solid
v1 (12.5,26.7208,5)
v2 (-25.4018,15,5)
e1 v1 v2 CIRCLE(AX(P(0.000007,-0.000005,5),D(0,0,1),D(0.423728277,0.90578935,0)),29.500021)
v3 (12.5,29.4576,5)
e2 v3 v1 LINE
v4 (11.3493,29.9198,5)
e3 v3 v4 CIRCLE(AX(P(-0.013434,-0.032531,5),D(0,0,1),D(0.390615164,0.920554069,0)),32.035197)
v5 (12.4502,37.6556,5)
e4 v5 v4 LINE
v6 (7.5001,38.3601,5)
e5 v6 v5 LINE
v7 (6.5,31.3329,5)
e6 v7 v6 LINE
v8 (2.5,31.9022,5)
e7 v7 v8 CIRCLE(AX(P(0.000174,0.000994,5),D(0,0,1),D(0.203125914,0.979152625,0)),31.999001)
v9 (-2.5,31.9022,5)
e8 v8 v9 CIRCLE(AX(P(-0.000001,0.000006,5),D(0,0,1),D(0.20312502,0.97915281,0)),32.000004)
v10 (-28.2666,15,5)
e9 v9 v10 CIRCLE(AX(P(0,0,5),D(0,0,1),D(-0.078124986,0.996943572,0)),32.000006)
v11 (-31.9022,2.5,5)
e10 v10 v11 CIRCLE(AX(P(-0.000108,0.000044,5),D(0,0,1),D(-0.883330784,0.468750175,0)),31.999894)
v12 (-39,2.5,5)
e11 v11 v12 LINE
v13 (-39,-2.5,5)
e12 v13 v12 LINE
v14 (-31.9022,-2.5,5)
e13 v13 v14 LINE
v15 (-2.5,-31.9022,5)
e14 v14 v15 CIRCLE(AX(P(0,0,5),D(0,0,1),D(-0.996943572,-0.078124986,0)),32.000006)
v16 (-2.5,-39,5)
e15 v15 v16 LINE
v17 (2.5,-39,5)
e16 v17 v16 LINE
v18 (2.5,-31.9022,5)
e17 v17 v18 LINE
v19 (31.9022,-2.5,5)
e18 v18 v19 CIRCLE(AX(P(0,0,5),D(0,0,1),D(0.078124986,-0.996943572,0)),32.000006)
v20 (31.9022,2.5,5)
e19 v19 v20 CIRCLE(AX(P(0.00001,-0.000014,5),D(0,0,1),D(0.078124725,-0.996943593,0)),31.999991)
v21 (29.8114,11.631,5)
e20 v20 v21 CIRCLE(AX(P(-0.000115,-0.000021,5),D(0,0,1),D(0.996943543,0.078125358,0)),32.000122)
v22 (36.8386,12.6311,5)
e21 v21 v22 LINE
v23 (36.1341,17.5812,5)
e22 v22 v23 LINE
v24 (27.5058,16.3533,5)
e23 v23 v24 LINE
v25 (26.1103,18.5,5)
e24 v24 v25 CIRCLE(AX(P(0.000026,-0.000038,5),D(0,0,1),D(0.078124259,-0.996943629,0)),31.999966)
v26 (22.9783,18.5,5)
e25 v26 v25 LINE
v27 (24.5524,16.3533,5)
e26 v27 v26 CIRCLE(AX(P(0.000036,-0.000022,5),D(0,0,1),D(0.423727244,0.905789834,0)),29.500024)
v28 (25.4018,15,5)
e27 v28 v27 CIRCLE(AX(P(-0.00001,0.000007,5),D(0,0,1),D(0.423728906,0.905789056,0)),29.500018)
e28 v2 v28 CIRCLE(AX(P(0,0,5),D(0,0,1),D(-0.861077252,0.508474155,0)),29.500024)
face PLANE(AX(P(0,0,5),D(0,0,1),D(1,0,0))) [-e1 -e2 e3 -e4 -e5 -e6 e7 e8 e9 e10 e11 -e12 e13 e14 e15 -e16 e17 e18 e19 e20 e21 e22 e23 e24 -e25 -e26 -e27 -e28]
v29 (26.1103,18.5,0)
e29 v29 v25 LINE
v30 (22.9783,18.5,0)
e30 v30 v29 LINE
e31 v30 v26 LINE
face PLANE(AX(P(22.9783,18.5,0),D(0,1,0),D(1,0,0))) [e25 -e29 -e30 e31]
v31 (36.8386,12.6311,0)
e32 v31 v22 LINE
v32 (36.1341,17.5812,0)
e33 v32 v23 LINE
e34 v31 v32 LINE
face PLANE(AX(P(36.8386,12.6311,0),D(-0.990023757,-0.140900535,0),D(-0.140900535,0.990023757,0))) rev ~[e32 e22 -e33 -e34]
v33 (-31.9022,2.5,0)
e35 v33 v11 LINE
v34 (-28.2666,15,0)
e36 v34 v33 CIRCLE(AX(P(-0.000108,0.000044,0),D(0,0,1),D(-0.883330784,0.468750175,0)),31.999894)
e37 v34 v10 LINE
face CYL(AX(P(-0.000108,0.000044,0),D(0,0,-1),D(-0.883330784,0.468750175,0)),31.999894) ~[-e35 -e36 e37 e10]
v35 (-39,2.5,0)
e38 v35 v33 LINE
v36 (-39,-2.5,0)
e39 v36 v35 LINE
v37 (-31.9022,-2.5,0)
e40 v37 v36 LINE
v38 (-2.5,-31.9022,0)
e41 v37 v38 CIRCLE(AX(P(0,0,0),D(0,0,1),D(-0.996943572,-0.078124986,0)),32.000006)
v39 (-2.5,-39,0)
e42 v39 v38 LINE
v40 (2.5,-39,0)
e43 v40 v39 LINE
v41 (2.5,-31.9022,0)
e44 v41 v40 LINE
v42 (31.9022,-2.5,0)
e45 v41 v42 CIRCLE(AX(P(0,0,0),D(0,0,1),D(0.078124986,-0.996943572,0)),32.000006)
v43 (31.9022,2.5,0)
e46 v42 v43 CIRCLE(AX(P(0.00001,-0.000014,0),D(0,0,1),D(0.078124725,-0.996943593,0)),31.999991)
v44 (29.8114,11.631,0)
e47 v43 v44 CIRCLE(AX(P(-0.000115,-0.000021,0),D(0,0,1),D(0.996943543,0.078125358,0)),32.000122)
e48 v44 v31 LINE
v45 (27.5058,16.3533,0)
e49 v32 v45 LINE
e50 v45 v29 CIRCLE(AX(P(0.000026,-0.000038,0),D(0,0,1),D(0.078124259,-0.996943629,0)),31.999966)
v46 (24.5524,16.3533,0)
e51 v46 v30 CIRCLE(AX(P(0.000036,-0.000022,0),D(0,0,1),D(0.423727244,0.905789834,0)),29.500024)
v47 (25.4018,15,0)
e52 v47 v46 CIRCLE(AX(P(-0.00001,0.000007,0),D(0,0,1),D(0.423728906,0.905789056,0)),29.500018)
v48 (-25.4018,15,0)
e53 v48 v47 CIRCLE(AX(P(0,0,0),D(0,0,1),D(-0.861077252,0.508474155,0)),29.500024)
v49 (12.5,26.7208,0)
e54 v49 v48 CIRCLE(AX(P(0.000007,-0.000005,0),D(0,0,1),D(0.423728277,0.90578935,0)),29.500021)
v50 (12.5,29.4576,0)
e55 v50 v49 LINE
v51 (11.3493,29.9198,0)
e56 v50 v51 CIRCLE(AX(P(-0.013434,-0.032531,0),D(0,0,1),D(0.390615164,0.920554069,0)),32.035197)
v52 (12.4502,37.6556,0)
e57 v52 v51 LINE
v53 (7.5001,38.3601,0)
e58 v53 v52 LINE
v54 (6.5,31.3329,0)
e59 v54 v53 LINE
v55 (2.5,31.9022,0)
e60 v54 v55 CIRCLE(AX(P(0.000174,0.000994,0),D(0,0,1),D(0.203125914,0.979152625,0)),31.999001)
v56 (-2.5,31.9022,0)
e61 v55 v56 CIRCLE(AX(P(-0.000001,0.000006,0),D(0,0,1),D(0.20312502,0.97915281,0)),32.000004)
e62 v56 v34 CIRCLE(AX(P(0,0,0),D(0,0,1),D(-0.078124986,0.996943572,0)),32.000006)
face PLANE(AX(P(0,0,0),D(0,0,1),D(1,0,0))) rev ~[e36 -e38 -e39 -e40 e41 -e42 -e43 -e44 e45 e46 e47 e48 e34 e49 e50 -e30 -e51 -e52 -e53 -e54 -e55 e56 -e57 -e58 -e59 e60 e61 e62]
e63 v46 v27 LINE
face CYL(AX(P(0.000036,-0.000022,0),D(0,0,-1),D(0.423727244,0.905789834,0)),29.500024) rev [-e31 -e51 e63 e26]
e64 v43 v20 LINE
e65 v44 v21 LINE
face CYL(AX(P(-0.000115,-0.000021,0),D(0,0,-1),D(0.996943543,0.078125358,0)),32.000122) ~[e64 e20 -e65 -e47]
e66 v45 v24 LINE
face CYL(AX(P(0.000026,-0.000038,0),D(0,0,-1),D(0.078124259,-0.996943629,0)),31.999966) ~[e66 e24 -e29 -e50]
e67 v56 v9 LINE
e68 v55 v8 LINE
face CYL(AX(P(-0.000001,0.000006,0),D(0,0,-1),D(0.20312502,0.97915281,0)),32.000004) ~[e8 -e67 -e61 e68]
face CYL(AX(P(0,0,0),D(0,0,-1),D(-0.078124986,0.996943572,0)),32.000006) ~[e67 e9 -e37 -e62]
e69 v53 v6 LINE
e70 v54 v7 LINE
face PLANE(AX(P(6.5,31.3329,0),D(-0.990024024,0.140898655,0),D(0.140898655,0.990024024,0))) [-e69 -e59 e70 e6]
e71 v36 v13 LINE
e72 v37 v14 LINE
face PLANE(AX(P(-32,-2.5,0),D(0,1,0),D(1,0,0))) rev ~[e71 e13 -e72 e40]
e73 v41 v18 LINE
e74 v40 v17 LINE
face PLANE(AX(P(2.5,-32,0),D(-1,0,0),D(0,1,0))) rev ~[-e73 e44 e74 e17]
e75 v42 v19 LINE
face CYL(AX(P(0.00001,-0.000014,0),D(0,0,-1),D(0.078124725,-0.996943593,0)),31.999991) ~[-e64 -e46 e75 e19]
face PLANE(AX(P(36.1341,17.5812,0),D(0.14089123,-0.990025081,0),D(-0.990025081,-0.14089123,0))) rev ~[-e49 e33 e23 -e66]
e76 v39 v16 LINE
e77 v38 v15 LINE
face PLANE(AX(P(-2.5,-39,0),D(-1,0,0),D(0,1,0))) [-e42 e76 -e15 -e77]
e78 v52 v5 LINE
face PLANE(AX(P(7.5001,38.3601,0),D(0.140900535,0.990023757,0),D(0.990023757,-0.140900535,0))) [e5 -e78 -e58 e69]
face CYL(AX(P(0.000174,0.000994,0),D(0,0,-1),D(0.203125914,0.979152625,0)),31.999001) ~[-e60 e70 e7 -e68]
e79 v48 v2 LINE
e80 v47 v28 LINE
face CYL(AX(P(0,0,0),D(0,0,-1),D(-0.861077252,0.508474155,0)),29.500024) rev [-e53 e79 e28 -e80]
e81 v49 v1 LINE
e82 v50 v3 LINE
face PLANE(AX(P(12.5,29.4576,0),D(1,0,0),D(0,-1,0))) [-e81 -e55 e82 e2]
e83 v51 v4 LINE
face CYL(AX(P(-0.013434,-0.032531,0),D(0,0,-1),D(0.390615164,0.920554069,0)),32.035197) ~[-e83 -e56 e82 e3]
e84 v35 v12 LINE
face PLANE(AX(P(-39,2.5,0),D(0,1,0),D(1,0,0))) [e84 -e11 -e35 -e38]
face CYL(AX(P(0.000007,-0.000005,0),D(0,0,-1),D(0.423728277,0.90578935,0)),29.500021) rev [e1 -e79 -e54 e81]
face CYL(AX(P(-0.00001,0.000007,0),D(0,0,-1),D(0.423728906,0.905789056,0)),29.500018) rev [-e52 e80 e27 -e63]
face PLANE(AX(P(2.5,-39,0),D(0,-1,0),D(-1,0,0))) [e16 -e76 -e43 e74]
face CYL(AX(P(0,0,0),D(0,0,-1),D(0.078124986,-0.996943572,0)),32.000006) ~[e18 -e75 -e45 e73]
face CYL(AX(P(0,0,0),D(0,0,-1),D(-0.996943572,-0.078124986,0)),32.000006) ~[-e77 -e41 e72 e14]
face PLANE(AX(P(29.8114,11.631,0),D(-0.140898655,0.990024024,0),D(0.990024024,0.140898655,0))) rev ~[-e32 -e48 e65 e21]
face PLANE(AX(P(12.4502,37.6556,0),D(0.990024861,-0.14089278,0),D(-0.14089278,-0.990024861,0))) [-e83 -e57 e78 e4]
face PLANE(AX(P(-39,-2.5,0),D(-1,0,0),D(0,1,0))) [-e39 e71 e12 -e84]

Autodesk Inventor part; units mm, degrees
ref_plane "YZ Plane" through (0, 0, 0) normal (1, 0, 0) x (0, 1, 0)
ref_plane "XZ Plane" through (0, 0, 0) normal (0, 1, 0) x (-1, 0, 0)
ref_plane "XY Plane" through (0, 0, 0) normal (0, 0, 1) x (1, 0, 0)
sketch "Sketch1" plane through (0, 0, 0) normal (0, 0, 1) x (1, 0, 0)
  arc A0 (-25.4018, 15) -> (25.4018, 15) centre (0, 0) ccw
  line L0 (-39, 2.5) -> (-32, 2.5)
  line L1 (-32, -2.5) -> (-39, -2.5)
  line L2 (-39, -2.5) -> (-39, 2.5)
  line L3 (-32, 2.5) -> (-31.9022, 2.5)
  line L4 (-32, -2.5) -> (-31.9022, -2.5)
  line L5 (2.5, -32) -> (2.5, -39)
  line L6 (2.5, -39) -> (-2.5, -39)
  line L7 (-2.5, -39) -> (-2.5, -32)
  line L8 (-2.5, -32) -> (-2.5, -31.9022)
  line L9 (2.5, -32) -> (2.5, -31.9022)
  line L10 (32, 2.5) -> (31.9022, 2.5)
  line L11 (32, -2.5) -> (31.9022, -2.5)
  arc A1 (-28.2666, 15) -> (-31.9022, 2.5) centre (0, 0) ccw
  arc A2 (-31.9022, -2.5) -> (-2.5, -31.9022) centre (0, 0) ccw
  arc A3 (2.5, -31.9022) -> (31.9022, -2.5) centre (0, 0) ccw
  arc A4 (31.9022, 2.5) -> (28.2666, 15) centre (0, 0) ccw
  arc A5 (12.5, 26.7208) -> (25.4018, 15) centre (0, 0) ccw
  line L12 (12.5, 29.4576) -> (12.5, 26.7208)
  arc A6 (-2.5, 31.9022) -> (-31.9022, 2.5) centre (0, 0) ccw
  arc A7 (-31.9022, -2.5) -> (-2.5, -31.9022) centre (0, 0) ccw
  arc A8 (2.5, -31.9022) -> (31.9022, -2.5) centre (0, 0) ccw
  arc A9 (31.9022, 2.5) -> (28.2666, 15) centre (0, 0) ccw
  line L13 (6.5, 31.3329) -> (7.5001, 38.3601)
  line L14 (6.5, 31.3329) -> (13.598, 31.3329) construction
  line L15 (7.5001, 38.3601) -> (12.4502, 37.6556)
  line L16 (12.4502, 37.6556) -> (11.3493, 29.9198)
  arc A10 (12.5, 29.4576) -> (11.3493, 29.9198) centre (0, 0) ccw
  arc A11 (12.5, 29.4576) -> (11.3493, 29.9198) centre (0, 0) ccw
  arc A12 (6.5, 31.3329) -> (2.5, 31.9022) centre (0, 0) ccw
  arc A13 (6.5, 31.3329) -> (-31.9022, 2.5) centre (0, 0) ccw
  arc A14 (31.9022, 2.5) -> (28.2666, 15) centre (0, 0) ccw
  arc A15 (-31.9022, -2.5) -> (-2.5, -31.9022) centre (0, 0) ccw
  arc A16 (2.5, -31.9022) -> (31.9022, -2.5) centre (0, 0) ccw
  line L17 (31.9022, 2.5) -> (41.0332, 2.5) construction
  line L18 (29.8114, 11.631) -> (36.8386, 12.6311)
  line L19 (29.8114, 11.631) -> (36.9094, 11.631) construction
  line L20 (36.8386, 12.6311) -> (41.8386, 12.6311) construction
  line L21 (36.8386, 12.6311) -> (36.1341, 17.5812)
  line L22 (36.8386, 12.6311) -> (41.8386, 12.6311) construction
  line L23 (36.1341, 17.5812) -> (27.5058, 16.3533)
  line L24 (36.1341, 17.5812) -> (44.8493, 17.5812) construction
  arc A17 (12.5, 26.7208) -> (24.5524, 16.3533) centre (0, 0) ccw
  arc A18 (12.5, 29.4576) -> (11.3493, 29.9198) centre (0, 0) ccw
  arc A19 (2.5, -31.9022) -> (27.5058, 16.3533) centre (0, 0) ccw
  arc A20 (6.5, 31.3329) -> (-31.9022, 2.5) centre (0, 0) ccw
  arc A21 (-31.9022, -2.5) -> (-2.5, -31.9022) centre (0, 0) ccw
  arc A22 (12.5, 26.7208) -> (22.9783, 18.5) centre (0, 0) ccw
  line L25 (28.2666, 15) -> (31.7666, 15) construction
  line L26 (22.9783, 18.5) -> (26.1103, 18.5)
  arc A23 (12.5, 29.4576) -> (11.3493, 29.9198) centre (0, 0) ccw
  arc A24 (6.5, 31.3329) -> (-31.9022, 2.5) centre (0, 0) ccw
  arc A25 (-31.9022, -2.5) -> (-2.5, -31.9022) centre (0, 0) ccw
  arc A26 (2.5, -31.9022) -> (26.1103, 18.5) centre (0, 0) ccw
  point P0 (11.5, 29.8622)
  point P1 (2.5, 31.9022)
  point P2 (24.5524, 16.3533)
  point P3 (25.4018, 15)
  dimension "d78" = 7.098
  dimension "d79" = 81.9
  dimension "d80" = 5
  dimension "d81" = 90
  dimension "d82" = 90
  dimension "d89" = 7.098
  dimension "d90" = 8.1
  dimension "d93" = 5
  dimension "d94" = 98.1
  dimension "d95" = 171.9
extrude "Extrusion7" add sketch "Sketch1" along normal blind 5
properties part number "Clip_TestFitV1"
